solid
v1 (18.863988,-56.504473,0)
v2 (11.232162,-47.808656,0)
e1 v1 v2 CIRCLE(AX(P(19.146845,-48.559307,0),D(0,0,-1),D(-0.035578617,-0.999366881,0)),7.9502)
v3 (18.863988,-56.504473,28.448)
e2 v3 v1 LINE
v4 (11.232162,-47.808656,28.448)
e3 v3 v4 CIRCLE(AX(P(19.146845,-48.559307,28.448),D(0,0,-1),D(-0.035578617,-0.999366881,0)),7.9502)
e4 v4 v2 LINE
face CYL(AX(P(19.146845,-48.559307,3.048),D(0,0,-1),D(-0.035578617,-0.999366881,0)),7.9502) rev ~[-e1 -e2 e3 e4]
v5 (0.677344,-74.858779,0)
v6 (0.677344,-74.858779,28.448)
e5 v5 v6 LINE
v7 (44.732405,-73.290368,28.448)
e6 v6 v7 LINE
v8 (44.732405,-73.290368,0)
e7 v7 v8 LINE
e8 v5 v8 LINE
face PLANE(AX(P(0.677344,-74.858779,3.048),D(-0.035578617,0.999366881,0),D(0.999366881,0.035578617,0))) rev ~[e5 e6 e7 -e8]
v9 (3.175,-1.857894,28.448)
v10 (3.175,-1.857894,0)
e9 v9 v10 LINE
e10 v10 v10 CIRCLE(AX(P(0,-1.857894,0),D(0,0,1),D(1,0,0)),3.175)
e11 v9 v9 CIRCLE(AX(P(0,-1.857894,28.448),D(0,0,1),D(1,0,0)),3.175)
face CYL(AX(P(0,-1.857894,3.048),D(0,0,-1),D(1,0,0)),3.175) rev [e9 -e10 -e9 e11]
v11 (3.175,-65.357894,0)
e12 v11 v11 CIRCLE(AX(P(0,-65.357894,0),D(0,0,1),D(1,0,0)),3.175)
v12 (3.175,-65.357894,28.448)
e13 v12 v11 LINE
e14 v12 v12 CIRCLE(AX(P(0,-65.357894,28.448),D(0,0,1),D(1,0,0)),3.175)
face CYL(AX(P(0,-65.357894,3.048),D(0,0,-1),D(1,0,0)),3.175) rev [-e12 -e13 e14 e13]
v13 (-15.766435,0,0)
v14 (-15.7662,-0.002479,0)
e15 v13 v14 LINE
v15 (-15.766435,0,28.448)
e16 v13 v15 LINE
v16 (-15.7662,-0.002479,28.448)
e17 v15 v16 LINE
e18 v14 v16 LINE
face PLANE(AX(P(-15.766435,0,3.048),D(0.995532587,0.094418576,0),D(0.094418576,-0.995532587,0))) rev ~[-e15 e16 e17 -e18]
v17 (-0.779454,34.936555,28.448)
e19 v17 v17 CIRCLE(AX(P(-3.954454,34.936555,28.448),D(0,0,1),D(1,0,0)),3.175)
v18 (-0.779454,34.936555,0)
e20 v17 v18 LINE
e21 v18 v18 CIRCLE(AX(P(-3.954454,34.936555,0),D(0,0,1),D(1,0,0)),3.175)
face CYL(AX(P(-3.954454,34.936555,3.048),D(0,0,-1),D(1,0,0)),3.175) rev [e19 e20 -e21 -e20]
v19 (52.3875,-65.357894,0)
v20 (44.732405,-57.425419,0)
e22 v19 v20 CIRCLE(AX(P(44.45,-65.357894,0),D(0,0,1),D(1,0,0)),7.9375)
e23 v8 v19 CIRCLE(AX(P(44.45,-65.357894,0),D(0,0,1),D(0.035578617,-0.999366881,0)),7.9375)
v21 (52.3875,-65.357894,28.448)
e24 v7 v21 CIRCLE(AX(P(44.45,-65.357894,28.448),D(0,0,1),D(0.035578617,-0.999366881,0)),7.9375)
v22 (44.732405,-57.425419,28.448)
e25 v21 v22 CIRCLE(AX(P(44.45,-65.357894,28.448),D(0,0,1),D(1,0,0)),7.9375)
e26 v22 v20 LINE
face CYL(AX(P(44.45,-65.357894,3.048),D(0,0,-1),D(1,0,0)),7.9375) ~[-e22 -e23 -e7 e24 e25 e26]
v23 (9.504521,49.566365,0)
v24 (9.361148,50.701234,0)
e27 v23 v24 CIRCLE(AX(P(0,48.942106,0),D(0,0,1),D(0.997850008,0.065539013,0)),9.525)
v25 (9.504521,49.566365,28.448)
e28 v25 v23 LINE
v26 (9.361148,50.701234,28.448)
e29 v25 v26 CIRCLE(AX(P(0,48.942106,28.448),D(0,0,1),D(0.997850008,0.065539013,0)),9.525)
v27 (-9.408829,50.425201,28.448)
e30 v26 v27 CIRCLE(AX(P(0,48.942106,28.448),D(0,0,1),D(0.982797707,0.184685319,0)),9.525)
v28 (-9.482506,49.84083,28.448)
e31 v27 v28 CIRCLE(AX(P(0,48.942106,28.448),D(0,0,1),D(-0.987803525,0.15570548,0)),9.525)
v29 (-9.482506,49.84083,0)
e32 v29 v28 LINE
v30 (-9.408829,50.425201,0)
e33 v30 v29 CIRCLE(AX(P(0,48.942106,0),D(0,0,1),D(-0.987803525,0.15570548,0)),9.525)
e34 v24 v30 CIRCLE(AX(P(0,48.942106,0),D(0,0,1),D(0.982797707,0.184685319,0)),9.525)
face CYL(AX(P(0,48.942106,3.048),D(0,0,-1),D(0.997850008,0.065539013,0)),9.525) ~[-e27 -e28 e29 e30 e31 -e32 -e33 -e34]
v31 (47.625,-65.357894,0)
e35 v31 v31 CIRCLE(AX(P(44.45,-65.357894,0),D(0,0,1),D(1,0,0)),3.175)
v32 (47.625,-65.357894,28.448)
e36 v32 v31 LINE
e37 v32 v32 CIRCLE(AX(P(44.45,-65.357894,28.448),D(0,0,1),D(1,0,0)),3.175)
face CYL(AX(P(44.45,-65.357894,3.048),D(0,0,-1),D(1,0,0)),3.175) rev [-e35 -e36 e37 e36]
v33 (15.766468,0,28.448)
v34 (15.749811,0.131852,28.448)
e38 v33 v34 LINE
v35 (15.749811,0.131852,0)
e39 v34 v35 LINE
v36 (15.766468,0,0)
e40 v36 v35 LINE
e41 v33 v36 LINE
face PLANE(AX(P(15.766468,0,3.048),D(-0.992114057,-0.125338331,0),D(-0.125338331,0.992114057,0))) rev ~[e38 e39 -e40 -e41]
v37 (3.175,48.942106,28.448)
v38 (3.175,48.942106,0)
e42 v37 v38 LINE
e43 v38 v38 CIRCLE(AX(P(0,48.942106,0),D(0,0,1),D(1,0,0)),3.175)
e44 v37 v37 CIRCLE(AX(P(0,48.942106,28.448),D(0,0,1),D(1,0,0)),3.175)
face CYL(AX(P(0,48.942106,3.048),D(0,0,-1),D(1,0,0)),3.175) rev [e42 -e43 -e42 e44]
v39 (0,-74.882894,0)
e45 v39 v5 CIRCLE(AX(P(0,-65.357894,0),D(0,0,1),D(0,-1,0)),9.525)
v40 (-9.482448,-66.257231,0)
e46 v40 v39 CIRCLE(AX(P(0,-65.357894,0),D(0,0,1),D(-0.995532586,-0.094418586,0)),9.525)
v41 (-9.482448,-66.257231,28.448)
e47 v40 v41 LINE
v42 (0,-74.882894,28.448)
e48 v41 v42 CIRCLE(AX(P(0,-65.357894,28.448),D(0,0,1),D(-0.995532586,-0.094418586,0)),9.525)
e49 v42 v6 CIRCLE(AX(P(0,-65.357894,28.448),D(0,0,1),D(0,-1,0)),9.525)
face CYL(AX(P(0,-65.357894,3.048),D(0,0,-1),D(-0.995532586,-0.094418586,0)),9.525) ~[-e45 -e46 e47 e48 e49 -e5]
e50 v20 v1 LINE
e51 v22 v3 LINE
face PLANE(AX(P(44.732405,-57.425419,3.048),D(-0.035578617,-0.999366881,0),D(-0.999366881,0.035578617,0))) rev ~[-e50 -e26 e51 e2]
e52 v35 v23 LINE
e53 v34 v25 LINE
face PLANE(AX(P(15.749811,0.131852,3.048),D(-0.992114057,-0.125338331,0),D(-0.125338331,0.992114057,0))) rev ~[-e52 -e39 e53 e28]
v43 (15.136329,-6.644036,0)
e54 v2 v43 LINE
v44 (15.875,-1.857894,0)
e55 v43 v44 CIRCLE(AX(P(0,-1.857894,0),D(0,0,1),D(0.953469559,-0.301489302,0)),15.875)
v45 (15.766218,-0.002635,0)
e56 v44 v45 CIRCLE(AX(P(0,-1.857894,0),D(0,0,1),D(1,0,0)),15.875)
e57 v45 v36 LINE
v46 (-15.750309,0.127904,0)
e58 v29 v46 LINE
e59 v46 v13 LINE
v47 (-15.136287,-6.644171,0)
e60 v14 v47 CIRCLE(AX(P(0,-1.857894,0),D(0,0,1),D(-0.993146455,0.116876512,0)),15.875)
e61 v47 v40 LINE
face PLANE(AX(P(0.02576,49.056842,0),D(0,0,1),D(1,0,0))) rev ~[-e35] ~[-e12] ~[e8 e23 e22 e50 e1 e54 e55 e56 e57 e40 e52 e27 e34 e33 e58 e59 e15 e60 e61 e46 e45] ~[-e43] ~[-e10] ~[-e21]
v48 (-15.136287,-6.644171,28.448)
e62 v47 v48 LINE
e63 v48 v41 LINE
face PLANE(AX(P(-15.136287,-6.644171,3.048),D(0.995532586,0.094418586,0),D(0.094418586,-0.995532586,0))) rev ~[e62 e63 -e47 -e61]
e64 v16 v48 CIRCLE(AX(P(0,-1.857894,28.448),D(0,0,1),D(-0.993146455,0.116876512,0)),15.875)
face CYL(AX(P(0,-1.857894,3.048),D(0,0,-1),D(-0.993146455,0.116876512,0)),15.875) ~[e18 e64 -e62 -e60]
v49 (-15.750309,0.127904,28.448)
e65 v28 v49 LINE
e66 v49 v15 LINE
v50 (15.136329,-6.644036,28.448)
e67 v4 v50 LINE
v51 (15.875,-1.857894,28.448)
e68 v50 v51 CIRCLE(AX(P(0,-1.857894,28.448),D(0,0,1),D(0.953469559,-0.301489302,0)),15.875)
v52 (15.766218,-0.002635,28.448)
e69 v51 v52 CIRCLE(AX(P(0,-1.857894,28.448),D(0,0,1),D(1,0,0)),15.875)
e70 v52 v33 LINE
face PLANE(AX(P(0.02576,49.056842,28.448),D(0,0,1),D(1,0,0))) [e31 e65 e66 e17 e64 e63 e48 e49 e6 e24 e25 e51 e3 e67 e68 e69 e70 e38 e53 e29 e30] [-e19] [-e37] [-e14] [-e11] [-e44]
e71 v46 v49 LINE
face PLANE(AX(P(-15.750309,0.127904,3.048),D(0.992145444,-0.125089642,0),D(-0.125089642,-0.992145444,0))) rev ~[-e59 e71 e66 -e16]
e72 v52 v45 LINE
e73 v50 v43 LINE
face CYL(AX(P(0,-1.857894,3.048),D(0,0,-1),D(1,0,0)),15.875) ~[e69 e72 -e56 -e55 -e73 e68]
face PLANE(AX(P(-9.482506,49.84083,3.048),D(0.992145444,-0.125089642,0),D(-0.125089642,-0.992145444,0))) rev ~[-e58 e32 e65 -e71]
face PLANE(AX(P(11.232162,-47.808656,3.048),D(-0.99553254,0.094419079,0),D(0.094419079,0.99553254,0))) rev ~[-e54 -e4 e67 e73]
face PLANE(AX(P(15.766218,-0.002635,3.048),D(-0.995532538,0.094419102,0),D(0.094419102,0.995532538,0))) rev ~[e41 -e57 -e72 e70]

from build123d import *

# Parameters (mm, degrees)
F0_R     = 3.175
F1_DEPTH = 3.048
F2_DEPTH = 25.4


with BuildPart() as f1:
    # F0 (on Top) → F1 (new body)
    with BuildSketch(Plane.XY):
        with BuildLine():
            Line((9.5045213227, 49.566365397), (9.3611481588, 50.7012339615))
            ThreePointArc((9.3611481588, 50.7012339615), (-0.1400603656, 58.4660764801), (-9.4088285736, 50.4252009888))
            Line((-9.4088285736, 50.4252009888), (-9.4825060338, 49.840830011))
            ThreePointArc((-9.4825060338, 49.840830011), (-0.4498638837, 39.4277357171), (9.525, 48.9421062946))
            ThreePointArc((9.525, 48.9421062946), (9.519878954, 49.2544037502), (9.5045213227, 49.566365397))
        make_face()
        with Locations((0, 48.9421062946)):
            Circle(F0_R, mode=Mode.SUBTRACT)
        with BuildLine():
            ThreePointArc((9.5045213227, 49.566365397), (9.4498863967, 50.1359538934), (9.3611481588, 50.7012339615))
            Line((9.3611481588, 50.7012339615), (9.5045213227, 49.566365397))
        make_face()
        with BuildLine():
            Line((-9.4825060338, 49.840830011), (-9.4088285736, 50.4252009888))
            ThreePointArc((-9.4088285736, 50.4252009888), (-9.4501853512, 50.1335851351), (-9.4825060338, 49.840830011))
        make_face()
        with BuildLine():
            Line((15.7498106857, 0.1318520983), (9.5045213227, 49.566365397))
            ThreePointArc((9.5045213227, 49.566365397), (9.519878954, 49.2544037502), (9.525, 48.9421062946))
            ThreePointArc((9.525, 48.9421062946), (-0.4498638837, 39.4277357171), (-9.4825060338, 49.840830011))
            Line((-9.4825060338, 49.840830011), (-15.7503089228, 0.1279043299))
            ThreePointArc((-15.7503089228, 0.1279043299), (-0.0019895424, 14.01710617), (15.7498106857, 0.1318520983))
        make_face()
        with Locations((-3.9544538595, 34.9365547299)):
            Circle(F0_R, mode=Mode.SUBTRACT)
        with BuildLine():
            Line((15.7664681676, 0), (15.7498106857, 0.1318520983))
            ThreePointArc((15.7498106857, 0.1318520983), (15.7581579571, 0.0646262032), (15.7662182853, -0.0026346995))
            Line((15.7662182853, -0.0026346995), (15.7664681676, 0))
        make_face()
        with BuildLine():
            ThreePointArc((15.7662182853, -0.0026346995), (15.7581579571, 0.0646262032), (15.7498106857, 0.1318520983))
            ThreePointArc((15.7498106857, 0.1318520983), (-0.0019895424, 14.01710617), (-15.7503089228, 0.1279043299))
            ThreePointArc((-15.7503089228, 0.1279043299), (-15.7583892955, 0.0627290611), (-15.7661999721, -0.002479078))
            Line((-15.7661999721, -0.002479078), (-15.1362867475, -6.6441708073))
            ThreePointArc((-15.1362867475, -6.6441708073), (7.04938e-05, -17.7328937052), (15.1363292544, -6.64403638))
            Line((15.1363292544, -6.64403638), (15.7662182853, -0.0026346995))
        make_face()
        with Locations((0, -1.8578937054)):
            Circle(F0_R, mode=Mode.SUBTRACT)
        with BuildLine():
            ThreePointArc((-15.7661999721, -0.002479078), (-15.7583892955, 0.0627290611), (-15.7503089228, 0.1279043299))
            Line((-15.7503089228, 0.1279043299), (-15.7664350935, 0))
            Line((-15.7664350935, 0), (-15.7661999721, -0.002479078))
        make_face()
        with BuildLine():
            ThreePointArc((15.875, -1.8578937054), (15.8477812371, -0.9286709871), (15.7662182853, -0.0026346995))
            Line((15.7662182853, -0.0026346995), (15.1363292544, -6.64403638))
            ThreePointArc((15.1363292544, -6.64403638), (15.6892455509, -4.2792980589), (15.875, -1.8578937054))
        make_face()
        with BuildLine():
            Line((-15.1362867475, -6.6441708073), (-15.7661999721, -0.002479078))
            ThreePointArc((-15.7661999721, -0.002479078), (-15.8040798094, -3.356788758), (-15.1362867475, -6.6441708073))
        make_face()
        with BuildLine():
            Line((11.2321620564, -47.8086563632), (15.1363292544, -6.64403638))
            ThreePointArc((15.1363292544, -6.64403638), (7.04938e-05, -17.7328937052), (-15.1362867475, -6.6441708073))
            Line((-15.1362867475, -6.6441708073), (-9.4824478856, -66.257230737))
            ThreePointArc((-9.4824478856, -66.257230737), (-0.4501715725, -55.8435376812), (9.525, -65.3578937054))
            ThreePointArc((9.525, -65.3578937054), (6.9705567315, -71.8491927936), (0.6773435479, -74.8587794913))
            Line((0.6773435479, -74.8587794913), (44.7324052746, -73.2903683199))
            ThreePointArc((44.7324052746, -73.2903683199), (36.5125, -65.3578937054), (44.7324052746, -57.4254190908))
            Line((44.7324052746, -57.4254190908), (18.8639877306, -56.5044734952))
            ThreePointArc((18.8639877306, -56.5044734952), (13.1715436826, -53.8034899802), (11.2321620564, -47.8086563632))
        make_face()
        with BuildLine():
            ThreePointArc((9.525, -65.3578937054), (-0.4501715725, -55.8435376812), (-9.4824478856, -66.257230737))
            ThreePointArc((-9.4824478856, -66.257230737), (-6.4093462917, -72.4038787403), (0, -74.8828937054))
            Line((0, -74.8828937054), (0.6773435479, -74.8587794913))
            ThreePointArc((0.6773435479, -74.8587794913), (6.9705567315, -71.8491927936), (9.525, -65.3578937054))
        make_face()
        with Locations((0, -65.3578937054)):
            Circle(F0_R, mode=Mode.SUBTRACT)
        with BuildLine():
            Line((0.6773435479, -74.8587794913), (0, -74.8828937054))
            ThreePointArc((0, -74.8828937054), (0.3388863295, -74.8768632429), (0.6773435479, -74.8587794913))
        make_face()
        with BuildLine():
            ThreePointArc((52.3875, -65.3578937054), (50.1616327839, -59.8459832206), (44.7324052746, -57.4254190908))
            ThreePointArc((44.7324052746, -57.4254190908), (36.5125, -65.3578937054), (44.7324052746, -73.2903683199))
            ThreePointArc((44.7324052746, -73.2903683199), (50.1616327839, -70.8698041901), (52.3875, -65.3578937054))
        make_face()
        with Locations((44.45, -65.3578937054)):
            Circle(F0_R, mode=Mode.SUBTRACT)
    extrude(amount=F1_DEPTH)

    # F2 (add): a face of the model
    f2_faces = [f1.faces().sort_by_distance(p)[0] for p in [
        (5.2288059098, -18.6652574554, 3.048),
    ]]
    extrude(f2_faces, amount=F2_DEPTH)


solid = f1.part
